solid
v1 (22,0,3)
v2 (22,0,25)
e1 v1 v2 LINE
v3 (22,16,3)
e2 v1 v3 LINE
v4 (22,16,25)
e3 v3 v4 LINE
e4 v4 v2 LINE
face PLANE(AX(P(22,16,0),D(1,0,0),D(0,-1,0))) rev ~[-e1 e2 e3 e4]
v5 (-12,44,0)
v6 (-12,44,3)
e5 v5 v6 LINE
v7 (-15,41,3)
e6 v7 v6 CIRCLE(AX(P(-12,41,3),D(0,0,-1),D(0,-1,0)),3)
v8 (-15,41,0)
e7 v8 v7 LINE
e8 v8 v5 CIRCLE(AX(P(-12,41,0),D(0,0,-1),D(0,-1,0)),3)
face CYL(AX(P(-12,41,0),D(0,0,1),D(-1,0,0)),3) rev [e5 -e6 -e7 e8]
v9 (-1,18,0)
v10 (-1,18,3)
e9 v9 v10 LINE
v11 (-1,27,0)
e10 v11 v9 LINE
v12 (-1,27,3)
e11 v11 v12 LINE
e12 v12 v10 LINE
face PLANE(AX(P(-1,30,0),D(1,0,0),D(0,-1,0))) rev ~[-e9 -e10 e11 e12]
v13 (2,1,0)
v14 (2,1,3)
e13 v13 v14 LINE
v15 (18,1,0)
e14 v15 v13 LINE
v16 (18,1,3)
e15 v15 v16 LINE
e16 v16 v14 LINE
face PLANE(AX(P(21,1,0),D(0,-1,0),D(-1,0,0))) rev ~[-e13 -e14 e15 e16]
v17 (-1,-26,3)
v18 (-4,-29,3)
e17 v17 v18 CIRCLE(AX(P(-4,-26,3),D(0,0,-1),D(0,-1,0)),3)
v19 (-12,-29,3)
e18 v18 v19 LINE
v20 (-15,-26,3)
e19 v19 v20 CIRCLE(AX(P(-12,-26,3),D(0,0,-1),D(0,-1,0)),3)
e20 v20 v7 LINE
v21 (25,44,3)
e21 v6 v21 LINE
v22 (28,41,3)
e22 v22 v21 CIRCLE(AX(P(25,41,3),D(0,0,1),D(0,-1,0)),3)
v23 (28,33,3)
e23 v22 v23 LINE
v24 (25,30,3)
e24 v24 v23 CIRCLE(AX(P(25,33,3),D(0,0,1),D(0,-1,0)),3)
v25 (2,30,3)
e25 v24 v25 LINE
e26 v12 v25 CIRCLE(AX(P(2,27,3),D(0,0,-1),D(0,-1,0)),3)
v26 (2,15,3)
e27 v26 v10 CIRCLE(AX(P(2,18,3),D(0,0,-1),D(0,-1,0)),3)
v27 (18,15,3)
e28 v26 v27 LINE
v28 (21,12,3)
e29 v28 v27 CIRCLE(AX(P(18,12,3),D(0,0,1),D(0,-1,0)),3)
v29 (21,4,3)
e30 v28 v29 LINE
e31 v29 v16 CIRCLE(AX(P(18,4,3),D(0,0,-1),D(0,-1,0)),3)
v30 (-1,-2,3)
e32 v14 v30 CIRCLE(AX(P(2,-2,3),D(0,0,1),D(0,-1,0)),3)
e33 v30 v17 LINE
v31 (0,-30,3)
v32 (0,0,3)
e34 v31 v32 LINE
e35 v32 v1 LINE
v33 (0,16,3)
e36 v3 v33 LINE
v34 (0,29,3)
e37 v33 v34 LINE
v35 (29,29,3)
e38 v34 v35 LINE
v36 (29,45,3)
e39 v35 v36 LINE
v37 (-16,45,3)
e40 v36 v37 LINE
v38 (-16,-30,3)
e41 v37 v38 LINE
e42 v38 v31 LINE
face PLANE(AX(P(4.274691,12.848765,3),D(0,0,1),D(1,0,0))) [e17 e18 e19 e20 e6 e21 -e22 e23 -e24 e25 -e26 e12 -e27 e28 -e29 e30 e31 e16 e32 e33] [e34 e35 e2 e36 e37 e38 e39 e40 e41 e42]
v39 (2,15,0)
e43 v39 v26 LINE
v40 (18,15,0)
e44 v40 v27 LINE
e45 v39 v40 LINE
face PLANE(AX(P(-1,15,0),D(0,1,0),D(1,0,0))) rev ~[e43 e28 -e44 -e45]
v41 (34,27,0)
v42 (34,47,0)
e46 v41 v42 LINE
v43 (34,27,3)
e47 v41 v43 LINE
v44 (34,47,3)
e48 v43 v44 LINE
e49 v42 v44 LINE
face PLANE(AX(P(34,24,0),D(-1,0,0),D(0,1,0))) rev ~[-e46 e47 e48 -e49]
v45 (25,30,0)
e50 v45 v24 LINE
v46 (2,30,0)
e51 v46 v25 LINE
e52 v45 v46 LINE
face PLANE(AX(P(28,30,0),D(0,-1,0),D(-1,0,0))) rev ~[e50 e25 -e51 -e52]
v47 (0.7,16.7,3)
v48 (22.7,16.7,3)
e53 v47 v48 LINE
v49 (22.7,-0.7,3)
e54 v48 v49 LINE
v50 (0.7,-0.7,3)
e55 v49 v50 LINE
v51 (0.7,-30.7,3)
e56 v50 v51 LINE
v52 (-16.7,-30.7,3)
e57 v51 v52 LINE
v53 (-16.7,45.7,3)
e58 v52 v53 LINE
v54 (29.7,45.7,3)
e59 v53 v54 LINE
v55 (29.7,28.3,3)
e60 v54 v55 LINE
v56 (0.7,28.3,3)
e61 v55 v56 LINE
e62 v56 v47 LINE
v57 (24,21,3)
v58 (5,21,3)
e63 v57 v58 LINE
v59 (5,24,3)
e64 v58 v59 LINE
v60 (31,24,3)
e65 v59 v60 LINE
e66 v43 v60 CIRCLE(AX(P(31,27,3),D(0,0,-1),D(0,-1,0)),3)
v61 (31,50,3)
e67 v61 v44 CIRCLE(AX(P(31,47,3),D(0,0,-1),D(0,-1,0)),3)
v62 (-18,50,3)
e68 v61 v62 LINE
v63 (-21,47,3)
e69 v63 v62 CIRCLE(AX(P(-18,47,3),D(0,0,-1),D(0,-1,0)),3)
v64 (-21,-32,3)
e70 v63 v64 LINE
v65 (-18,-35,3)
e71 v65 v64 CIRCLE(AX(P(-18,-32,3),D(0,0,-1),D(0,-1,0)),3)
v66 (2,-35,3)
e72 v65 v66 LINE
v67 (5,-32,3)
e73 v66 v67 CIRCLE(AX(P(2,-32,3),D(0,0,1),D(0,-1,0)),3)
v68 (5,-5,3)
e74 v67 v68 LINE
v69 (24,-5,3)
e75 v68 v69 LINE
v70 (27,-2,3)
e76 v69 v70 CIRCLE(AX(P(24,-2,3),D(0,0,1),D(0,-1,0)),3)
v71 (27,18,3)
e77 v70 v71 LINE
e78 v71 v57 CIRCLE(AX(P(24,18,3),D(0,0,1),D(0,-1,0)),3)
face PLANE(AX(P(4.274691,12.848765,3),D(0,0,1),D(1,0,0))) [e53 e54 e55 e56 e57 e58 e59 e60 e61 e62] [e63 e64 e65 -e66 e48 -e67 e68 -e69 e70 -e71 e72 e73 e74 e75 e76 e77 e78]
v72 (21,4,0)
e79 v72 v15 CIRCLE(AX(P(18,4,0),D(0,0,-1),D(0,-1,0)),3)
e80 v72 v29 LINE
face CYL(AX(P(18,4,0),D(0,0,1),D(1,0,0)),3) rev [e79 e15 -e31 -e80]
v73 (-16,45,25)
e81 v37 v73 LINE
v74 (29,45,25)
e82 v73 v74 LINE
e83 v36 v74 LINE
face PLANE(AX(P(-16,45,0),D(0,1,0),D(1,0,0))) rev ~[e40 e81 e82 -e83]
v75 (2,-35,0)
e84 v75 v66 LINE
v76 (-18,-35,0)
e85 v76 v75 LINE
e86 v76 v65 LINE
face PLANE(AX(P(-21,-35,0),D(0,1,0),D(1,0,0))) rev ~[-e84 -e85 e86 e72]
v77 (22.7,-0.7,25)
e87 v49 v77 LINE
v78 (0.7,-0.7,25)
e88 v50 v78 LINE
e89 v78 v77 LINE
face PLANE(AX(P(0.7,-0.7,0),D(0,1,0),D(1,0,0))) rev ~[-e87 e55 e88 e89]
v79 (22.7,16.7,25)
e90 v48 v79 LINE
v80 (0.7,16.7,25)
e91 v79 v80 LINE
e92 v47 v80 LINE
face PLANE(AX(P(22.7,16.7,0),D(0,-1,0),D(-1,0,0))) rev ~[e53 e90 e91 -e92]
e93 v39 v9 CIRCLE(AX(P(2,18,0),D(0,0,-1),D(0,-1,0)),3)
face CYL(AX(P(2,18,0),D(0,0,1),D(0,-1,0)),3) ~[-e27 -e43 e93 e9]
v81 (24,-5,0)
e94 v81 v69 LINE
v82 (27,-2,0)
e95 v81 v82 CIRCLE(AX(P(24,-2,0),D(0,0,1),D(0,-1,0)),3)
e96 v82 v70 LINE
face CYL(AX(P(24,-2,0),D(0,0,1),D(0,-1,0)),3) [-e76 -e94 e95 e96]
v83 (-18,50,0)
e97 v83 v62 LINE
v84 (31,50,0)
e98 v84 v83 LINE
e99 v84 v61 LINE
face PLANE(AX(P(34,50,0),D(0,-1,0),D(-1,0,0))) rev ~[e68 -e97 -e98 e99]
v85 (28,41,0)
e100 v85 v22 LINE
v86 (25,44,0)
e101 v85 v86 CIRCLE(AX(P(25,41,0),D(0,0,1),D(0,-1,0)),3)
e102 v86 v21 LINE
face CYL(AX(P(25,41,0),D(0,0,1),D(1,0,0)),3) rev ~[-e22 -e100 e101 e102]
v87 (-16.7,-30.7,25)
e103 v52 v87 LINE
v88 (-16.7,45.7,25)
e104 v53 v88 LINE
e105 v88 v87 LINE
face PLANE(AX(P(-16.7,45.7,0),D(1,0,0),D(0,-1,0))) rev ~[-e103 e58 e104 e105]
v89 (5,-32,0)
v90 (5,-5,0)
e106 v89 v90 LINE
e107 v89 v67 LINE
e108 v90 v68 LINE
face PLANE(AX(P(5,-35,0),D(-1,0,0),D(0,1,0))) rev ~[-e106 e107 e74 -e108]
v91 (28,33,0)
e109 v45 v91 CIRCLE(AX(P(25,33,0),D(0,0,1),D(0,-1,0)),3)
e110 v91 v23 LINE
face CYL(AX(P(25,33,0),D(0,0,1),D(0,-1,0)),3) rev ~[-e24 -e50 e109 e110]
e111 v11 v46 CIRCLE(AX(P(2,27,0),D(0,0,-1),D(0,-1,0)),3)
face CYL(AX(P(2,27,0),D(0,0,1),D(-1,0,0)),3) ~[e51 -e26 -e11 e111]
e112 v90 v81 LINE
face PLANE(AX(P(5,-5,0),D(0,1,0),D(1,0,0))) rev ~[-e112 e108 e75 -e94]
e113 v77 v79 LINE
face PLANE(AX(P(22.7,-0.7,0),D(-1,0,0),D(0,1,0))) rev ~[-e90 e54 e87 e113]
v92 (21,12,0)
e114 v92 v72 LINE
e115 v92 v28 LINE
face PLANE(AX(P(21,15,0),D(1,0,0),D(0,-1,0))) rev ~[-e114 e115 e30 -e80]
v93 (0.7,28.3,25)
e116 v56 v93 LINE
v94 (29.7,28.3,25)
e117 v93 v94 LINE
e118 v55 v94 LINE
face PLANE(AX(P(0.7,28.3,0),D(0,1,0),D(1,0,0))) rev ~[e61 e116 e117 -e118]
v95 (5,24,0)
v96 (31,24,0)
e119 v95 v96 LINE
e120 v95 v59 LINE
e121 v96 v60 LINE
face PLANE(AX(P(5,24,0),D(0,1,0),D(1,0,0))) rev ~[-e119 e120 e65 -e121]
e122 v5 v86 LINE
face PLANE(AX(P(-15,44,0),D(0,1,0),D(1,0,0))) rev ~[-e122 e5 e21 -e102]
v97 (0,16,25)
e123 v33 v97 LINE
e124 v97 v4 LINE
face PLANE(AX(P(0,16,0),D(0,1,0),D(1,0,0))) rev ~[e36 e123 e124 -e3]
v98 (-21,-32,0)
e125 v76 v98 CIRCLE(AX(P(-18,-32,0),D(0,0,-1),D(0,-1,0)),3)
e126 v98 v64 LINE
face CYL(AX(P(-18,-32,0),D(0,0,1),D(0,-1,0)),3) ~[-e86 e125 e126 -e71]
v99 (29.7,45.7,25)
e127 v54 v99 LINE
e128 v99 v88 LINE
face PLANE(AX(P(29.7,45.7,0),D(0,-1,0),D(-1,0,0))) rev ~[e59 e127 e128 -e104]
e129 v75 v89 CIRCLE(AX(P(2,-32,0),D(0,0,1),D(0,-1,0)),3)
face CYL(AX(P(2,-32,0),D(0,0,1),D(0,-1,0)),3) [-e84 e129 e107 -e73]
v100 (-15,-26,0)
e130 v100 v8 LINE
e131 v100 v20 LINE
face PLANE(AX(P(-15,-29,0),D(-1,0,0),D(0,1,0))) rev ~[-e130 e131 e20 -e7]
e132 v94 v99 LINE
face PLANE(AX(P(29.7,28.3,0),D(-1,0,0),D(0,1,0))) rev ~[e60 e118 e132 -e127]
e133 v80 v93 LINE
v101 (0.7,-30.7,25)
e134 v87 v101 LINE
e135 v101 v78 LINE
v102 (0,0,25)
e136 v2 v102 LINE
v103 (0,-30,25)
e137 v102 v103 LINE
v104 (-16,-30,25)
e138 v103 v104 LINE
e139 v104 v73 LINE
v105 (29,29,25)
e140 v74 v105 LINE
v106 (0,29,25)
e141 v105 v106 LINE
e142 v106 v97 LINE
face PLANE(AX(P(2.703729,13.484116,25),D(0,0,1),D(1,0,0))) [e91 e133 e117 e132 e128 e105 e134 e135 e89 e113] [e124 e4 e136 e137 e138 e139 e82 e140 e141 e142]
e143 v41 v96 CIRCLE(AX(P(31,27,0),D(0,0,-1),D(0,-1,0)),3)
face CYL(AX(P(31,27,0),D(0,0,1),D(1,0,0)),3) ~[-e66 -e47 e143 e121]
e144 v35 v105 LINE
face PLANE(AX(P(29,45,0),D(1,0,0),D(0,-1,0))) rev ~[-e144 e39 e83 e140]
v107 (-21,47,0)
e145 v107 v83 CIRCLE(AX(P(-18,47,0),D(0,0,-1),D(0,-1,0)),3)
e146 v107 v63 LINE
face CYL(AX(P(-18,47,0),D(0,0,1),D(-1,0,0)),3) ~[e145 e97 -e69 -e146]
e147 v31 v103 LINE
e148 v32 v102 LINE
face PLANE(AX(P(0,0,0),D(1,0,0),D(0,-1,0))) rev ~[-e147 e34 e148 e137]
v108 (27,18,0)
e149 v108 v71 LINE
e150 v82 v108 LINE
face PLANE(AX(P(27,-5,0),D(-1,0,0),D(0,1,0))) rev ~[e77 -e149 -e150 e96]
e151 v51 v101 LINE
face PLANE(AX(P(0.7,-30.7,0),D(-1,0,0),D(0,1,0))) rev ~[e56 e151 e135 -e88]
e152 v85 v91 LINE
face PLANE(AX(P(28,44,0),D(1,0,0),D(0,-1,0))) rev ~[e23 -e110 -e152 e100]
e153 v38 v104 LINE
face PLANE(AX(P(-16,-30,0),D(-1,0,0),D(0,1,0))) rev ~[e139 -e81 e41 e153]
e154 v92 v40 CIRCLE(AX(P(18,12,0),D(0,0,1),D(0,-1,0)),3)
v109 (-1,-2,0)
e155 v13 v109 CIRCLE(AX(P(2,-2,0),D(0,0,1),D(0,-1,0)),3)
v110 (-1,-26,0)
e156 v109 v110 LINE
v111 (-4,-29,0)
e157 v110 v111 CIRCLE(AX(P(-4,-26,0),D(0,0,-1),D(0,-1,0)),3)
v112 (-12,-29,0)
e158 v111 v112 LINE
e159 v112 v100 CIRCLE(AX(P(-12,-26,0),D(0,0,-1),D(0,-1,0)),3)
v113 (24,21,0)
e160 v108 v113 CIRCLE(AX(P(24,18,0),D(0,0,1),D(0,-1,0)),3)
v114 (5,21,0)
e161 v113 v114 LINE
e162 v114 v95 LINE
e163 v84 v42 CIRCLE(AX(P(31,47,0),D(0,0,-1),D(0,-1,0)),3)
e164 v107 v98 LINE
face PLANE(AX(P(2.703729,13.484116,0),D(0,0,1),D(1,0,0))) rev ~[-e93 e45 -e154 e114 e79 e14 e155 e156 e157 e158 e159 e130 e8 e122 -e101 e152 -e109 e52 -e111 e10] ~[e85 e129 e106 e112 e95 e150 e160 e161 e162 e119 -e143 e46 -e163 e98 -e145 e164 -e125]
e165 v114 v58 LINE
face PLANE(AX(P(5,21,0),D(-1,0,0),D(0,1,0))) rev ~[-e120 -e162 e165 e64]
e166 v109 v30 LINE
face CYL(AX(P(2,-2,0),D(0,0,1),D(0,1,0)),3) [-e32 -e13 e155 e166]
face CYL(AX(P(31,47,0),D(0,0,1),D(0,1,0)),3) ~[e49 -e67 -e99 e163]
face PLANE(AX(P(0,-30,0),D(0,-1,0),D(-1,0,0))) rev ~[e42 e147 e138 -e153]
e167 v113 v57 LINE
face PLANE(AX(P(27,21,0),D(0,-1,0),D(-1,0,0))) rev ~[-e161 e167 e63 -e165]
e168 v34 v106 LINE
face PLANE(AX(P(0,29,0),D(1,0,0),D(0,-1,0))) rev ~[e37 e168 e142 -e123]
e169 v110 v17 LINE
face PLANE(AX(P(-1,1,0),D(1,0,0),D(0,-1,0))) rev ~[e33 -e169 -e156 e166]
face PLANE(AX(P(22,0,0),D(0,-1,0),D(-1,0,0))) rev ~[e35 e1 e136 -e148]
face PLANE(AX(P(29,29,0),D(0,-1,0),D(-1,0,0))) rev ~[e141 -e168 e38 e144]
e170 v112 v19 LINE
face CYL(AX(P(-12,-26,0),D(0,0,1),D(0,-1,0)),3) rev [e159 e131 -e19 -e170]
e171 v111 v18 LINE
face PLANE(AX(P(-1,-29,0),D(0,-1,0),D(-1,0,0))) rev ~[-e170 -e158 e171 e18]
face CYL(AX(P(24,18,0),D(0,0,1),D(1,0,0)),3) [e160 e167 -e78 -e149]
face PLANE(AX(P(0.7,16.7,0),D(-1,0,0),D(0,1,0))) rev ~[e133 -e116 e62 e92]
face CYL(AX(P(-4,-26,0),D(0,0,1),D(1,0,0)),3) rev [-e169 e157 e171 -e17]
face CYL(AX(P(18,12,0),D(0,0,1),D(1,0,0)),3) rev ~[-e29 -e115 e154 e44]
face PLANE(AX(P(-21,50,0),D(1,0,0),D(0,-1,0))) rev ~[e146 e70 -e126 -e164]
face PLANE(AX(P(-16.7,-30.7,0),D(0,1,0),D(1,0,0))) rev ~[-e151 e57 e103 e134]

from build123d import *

# Parameters (mm, degrees)
F1_DEPTH = 3
F2_DEPTH = 25
F3_R     = 3


with BuildPart() as f1:
    # F0 (on Top) → F1 (new body)
    with BuildSketch(Plane.XY):
        Polygon((-21, -35), (5, -35), (5, -5), (27, -5), (27, 21), (5, 21), (5, 24), (34, 24), (34, 50), (-21, 50), align=None)
        Polygon((-16.7, 45.7), (29.7, 45.7), (29.7, 28.3), (0.7, 28.3), (0.7, 16.7), (22.7, 16.7), (22.7, -0.7), (0.7, -0.7), (0.7, -30.7), (-16.7, -30.7), align=None, mode=Mode.SUBTRACT)
        Polygon((29.7, 28.3), (29.7, 45.7), (-16.7, 45.7), (-16.7, -30.7), (0.7, -30.7), (0.7, -0.7), (22.7, -0.7), (22.7, 16.7), (0.7, 16.7), (0.7, 28.3), align=None)
        Polygon((22, 0), (0, 0), (0, -30), (-16, -30), (-16, 45), (29, 45), (29, 29), (0, 29), (0, 16), (22, 16), align=None, mode=Mode.SUBTRACT)
        Polygon((0, -30), (0, 0), (22, 0), (22, 16), (0, 16), (0, 29), (29, 29), (29, 45), (-16, 45), (-16, -30), align=None)
        Polygon((21, 1), (-1, 1), (-1, -29), (-15, -29), (-15, 44), (28, 44), (28, 30), (-1, 30), (-1, 15), (21, 15), align=None, mode=Mode.SUBTRACT)
    extrude(amount=F1_DEPTH)

    # F0 (on Top) → F2 (join)
    with BuildSketch(Plane.XY):
        Polygon((29.7, 28.3), (29.7, 45.7), (-16.7, 45.7), (-16.7, -30.7), (0.7, -30.7), (0.7, -0.7), (22.7, -0.7), (22.7, 16.7), (0.7, 16.7), (0.7, 28.3), align=None)
        Polygon((22, 0), (0, 0), (0, -30), (-16, -30), (-16, 45), (29, 45), (29, 29), (0, 29), (0, 16), (22, 16), align=None, mode=Mode.SUBTRACT)
    extrude(amount=F2_DEPTH)

    # F3
    f3_edges = [f1.edges().sort_by_distance(p)[0] for p in [
        (27, 21, 1.5),
        (-1, 15, 1.5),
        (27, -5, 1.5),
        (5, -35, 1.5),
        (-21, -35, 1.5),
        (-21, 50, 1.5),
        (34, 24, 1.5),
        (34, 50, 1.5),
        (-1, 30, 1.5),
        (-1, 1, 1.5),
        (-1, -29, 1.5),
        (-15, -29, 1.5),
        (21, 1, 1.5),
        (21, 15, 1.5),
        (28, 30, 1.5),
        (28, 44, 1.5),
        (-15, 44, 1.5),
    ]]
    fillet(f3_edges, radius=F3_R)


solid = f1.part
